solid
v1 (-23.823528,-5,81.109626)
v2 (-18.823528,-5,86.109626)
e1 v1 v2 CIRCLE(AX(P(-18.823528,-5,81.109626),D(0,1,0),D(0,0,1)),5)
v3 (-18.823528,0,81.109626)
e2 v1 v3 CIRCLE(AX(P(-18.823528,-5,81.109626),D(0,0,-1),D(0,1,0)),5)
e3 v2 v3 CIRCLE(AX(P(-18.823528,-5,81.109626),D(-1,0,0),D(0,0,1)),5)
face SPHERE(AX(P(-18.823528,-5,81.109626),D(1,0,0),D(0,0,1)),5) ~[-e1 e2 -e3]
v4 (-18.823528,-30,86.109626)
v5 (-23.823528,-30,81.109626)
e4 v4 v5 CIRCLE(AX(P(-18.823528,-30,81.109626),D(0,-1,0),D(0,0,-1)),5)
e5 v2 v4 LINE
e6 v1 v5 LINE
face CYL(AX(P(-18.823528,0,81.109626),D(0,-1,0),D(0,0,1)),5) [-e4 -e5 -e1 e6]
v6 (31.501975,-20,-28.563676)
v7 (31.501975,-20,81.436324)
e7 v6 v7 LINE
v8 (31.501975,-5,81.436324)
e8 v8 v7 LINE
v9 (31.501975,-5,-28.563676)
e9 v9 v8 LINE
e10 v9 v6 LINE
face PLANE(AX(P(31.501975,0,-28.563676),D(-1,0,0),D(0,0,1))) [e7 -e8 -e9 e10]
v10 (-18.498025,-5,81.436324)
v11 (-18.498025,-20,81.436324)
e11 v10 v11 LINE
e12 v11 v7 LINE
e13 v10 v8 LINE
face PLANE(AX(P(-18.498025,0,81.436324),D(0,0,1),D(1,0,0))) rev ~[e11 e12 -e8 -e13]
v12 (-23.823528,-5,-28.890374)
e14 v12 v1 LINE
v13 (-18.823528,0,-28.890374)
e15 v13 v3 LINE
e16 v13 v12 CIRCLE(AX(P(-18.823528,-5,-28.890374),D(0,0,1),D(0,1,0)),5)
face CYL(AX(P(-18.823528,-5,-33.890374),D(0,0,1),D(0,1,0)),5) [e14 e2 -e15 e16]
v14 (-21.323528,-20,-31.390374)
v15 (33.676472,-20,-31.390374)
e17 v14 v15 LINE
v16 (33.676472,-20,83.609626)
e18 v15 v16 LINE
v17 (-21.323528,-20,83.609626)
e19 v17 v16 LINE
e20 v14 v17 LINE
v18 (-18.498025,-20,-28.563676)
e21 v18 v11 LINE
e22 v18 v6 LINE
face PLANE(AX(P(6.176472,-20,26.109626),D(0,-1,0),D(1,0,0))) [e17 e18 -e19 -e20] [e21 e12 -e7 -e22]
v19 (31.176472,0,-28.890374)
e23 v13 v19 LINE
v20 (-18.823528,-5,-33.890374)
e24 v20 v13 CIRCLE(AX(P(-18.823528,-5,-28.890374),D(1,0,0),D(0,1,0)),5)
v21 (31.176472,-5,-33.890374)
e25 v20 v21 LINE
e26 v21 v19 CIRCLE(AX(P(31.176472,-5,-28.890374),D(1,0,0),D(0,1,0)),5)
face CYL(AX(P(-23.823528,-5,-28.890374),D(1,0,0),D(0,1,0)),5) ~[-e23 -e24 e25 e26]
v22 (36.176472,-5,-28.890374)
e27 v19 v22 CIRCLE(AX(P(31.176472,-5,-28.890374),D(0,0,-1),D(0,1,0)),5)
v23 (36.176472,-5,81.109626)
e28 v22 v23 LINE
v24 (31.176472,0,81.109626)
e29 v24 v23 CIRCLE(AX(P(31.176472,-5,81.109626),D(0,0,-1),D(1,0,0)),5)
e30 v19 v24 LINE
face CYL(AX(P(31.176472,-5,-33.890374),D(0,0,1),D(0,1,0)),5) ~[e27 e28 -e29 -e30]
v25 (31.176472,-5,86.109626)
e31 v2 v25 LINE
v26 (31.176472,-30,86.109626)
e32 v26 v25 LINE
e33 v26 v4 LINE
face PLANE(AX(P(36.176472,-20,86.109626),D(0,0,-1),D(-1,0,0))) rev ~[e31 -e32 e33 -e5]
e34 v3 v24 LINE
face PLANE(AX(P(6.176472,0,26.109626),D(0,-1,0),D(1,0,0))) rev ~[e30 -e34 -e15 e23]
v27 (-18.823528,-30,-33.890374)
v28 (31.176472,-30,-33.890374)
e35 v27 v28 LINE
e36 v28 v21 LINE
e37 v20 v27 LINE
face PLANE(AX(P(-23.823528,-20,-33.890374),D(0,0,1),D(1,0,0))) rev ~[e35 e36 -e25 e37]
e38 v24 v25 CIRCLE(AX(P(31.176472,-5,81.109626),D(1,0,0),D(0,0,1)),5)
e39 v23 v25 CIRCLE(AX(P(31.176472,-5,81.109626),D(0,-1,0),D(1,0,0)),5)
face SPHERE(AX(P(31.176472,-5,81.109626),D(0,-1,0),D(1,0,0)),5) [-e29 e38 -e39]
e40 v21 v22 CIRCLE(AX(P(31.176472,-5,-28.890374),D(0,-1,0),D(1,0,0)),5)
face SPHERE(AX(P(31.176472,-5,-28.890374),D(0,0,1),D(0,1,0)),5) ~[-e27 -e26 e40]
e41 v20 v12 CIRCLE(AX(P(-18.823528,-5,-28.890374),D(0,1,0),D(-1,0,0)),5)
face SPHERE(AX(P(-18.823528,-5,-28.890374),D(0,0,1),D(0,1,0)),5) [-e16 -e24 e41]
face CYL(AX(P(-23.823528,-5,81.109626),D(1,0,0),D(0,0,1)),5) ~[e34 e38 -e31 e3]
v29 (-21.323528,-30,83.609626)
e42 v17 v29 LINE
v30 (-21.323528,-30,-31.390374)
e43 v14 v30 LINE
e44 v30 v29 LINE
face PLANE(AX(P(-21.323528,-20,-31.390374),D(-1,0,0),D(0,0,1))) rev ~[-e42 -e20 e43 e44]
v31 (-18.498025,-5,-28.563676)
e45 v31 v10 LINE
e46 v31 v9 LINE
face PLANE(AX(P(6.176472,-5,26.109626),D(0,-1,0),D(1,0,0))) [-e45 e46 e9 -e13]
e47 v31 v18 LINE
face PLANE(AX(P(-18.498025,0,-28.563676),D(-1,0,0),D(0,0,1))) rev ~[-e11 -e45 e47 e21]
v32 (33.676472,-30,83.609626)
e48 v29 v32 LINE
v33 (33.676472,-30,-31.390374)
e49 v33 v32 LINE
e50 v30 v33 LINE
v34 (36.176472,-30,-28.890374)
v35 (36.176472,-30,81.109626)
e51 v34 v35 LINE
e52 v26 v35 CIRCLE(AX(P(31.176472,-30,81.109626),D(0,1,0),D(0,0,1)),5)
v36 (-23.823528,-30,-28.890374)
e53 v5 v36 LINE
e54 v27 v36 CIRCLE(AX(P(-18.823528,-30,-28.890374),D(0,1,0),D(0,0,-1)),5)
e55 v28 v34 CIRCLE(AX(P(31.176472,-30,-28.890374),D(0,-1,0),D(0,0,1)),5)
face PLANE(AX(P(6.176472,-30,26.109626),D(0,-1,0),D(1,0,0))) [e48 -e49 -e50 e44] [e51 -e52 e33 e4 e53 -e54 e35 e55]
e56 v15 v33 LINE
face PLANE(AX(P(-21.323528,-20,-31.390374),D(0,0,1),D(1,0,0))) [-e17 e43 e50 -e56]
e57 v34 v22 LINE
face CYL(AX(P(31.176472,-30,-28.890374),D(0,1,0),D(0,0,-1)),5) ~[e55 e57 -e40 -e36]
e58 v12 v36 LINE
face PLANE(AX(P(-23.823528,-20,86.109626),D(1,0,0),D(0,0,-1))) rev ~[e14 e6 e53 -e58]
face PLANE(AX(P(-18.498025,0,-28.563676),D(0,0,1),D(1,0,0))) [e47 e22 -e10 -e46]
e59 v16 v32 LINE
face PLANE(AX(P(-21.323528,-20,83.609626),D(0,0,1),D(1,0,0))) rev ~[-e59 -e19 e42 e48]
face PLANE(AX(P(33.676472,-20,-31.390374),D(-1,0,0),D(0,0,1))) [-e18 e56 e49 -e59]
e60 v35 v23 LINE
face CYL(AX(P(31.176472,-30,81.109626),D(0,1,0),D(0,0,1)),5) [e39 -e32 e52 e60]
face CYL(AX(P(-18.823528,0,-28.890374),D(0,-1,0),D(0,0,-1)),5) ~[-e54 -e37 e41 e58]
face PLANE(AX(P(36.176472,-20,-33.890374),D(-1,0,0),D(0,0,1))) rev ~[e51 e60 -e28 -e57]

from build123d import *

# Parameters (mm, degrees)
F1_W     = 60
F1_H     = 120
F1_W_2   = 55
F1_H_2   = 115
F1_W_3   = 50
F1_H_3   = 110
F2_DEPTH = 20
F3_W     = 55
F3_H     = 115
F5_DEPTH = 10
F0_W     = 60
F0_H     = 120
F6_DEPTH = 5
F7_R     = 5


with BuildPart() as f2:
    # F1 (on face) → F2 (new body)
    with BuildSketch(Plane.XZ):
        with Locations((6.1764717102, 26.1096255195)):
            Rectangle(F1_W, F1_H)
        with Locations((6.14081949, 26.4180475473)):
            Rectangle(F1_W_2, F1_H_2, mode=Mode.SUBTRACT)
        with Locations((6.14081949, 26.4180475473)):
            Rectangle(F1_W_2, F1_H_2)
        with Locations((6.5019752085, 26.4363238215)):
            Rectangle(F1_W_3, F1_H_3, mode=Mode.SUBTRACT)
    extrude(amount=F2_DEPTH)

    # F3 (on face) → F5 (join)
    with BuildSketch(Plane.XZ.offset(20)):
        Polygon((36.1764717102, 86.1096255195), (-23.8235282898, 86.1096255195), (-23.8235282898, 83.6096255195), (-23.8235282898, -33.8903744805), (36.1764717102, -33.8903744805), align=None)
        with Locations((6.1764717102, 26.1096255195)):
            Rectangle(F3_W, F3_H, mode=Mode.SUBTRACT)
    extrude(amount=F5_DEPTH)

    # F0 (on Front) → F6 (join)
    with BuildSketch(Plane.XZ):
        with Locations((6.1764717102, 26.1096255195)):
            Rectangle(F0_W, F0_H)
    extrude(amount=F6_DEPTH)

    # F7
    f7_edges = [f2.edges().sort_by_distance(p)[0] for p in [
        (36.176472, -15, 86.109626),
        (36.176472, 0, 26.109626),
        (6.176472, 0, 86.109626),
        (-23.823528, -15, 86.109626),
        (-23.823528, 0, 26.109626),
        (6.176472, 0, -33.890374),
        (36.176472, -15, -33.890374),
        (-23.823528, -15, -33.890374),
    ]]
    fillet(f7_edges, radius=F7_R)


solid = f2.part
